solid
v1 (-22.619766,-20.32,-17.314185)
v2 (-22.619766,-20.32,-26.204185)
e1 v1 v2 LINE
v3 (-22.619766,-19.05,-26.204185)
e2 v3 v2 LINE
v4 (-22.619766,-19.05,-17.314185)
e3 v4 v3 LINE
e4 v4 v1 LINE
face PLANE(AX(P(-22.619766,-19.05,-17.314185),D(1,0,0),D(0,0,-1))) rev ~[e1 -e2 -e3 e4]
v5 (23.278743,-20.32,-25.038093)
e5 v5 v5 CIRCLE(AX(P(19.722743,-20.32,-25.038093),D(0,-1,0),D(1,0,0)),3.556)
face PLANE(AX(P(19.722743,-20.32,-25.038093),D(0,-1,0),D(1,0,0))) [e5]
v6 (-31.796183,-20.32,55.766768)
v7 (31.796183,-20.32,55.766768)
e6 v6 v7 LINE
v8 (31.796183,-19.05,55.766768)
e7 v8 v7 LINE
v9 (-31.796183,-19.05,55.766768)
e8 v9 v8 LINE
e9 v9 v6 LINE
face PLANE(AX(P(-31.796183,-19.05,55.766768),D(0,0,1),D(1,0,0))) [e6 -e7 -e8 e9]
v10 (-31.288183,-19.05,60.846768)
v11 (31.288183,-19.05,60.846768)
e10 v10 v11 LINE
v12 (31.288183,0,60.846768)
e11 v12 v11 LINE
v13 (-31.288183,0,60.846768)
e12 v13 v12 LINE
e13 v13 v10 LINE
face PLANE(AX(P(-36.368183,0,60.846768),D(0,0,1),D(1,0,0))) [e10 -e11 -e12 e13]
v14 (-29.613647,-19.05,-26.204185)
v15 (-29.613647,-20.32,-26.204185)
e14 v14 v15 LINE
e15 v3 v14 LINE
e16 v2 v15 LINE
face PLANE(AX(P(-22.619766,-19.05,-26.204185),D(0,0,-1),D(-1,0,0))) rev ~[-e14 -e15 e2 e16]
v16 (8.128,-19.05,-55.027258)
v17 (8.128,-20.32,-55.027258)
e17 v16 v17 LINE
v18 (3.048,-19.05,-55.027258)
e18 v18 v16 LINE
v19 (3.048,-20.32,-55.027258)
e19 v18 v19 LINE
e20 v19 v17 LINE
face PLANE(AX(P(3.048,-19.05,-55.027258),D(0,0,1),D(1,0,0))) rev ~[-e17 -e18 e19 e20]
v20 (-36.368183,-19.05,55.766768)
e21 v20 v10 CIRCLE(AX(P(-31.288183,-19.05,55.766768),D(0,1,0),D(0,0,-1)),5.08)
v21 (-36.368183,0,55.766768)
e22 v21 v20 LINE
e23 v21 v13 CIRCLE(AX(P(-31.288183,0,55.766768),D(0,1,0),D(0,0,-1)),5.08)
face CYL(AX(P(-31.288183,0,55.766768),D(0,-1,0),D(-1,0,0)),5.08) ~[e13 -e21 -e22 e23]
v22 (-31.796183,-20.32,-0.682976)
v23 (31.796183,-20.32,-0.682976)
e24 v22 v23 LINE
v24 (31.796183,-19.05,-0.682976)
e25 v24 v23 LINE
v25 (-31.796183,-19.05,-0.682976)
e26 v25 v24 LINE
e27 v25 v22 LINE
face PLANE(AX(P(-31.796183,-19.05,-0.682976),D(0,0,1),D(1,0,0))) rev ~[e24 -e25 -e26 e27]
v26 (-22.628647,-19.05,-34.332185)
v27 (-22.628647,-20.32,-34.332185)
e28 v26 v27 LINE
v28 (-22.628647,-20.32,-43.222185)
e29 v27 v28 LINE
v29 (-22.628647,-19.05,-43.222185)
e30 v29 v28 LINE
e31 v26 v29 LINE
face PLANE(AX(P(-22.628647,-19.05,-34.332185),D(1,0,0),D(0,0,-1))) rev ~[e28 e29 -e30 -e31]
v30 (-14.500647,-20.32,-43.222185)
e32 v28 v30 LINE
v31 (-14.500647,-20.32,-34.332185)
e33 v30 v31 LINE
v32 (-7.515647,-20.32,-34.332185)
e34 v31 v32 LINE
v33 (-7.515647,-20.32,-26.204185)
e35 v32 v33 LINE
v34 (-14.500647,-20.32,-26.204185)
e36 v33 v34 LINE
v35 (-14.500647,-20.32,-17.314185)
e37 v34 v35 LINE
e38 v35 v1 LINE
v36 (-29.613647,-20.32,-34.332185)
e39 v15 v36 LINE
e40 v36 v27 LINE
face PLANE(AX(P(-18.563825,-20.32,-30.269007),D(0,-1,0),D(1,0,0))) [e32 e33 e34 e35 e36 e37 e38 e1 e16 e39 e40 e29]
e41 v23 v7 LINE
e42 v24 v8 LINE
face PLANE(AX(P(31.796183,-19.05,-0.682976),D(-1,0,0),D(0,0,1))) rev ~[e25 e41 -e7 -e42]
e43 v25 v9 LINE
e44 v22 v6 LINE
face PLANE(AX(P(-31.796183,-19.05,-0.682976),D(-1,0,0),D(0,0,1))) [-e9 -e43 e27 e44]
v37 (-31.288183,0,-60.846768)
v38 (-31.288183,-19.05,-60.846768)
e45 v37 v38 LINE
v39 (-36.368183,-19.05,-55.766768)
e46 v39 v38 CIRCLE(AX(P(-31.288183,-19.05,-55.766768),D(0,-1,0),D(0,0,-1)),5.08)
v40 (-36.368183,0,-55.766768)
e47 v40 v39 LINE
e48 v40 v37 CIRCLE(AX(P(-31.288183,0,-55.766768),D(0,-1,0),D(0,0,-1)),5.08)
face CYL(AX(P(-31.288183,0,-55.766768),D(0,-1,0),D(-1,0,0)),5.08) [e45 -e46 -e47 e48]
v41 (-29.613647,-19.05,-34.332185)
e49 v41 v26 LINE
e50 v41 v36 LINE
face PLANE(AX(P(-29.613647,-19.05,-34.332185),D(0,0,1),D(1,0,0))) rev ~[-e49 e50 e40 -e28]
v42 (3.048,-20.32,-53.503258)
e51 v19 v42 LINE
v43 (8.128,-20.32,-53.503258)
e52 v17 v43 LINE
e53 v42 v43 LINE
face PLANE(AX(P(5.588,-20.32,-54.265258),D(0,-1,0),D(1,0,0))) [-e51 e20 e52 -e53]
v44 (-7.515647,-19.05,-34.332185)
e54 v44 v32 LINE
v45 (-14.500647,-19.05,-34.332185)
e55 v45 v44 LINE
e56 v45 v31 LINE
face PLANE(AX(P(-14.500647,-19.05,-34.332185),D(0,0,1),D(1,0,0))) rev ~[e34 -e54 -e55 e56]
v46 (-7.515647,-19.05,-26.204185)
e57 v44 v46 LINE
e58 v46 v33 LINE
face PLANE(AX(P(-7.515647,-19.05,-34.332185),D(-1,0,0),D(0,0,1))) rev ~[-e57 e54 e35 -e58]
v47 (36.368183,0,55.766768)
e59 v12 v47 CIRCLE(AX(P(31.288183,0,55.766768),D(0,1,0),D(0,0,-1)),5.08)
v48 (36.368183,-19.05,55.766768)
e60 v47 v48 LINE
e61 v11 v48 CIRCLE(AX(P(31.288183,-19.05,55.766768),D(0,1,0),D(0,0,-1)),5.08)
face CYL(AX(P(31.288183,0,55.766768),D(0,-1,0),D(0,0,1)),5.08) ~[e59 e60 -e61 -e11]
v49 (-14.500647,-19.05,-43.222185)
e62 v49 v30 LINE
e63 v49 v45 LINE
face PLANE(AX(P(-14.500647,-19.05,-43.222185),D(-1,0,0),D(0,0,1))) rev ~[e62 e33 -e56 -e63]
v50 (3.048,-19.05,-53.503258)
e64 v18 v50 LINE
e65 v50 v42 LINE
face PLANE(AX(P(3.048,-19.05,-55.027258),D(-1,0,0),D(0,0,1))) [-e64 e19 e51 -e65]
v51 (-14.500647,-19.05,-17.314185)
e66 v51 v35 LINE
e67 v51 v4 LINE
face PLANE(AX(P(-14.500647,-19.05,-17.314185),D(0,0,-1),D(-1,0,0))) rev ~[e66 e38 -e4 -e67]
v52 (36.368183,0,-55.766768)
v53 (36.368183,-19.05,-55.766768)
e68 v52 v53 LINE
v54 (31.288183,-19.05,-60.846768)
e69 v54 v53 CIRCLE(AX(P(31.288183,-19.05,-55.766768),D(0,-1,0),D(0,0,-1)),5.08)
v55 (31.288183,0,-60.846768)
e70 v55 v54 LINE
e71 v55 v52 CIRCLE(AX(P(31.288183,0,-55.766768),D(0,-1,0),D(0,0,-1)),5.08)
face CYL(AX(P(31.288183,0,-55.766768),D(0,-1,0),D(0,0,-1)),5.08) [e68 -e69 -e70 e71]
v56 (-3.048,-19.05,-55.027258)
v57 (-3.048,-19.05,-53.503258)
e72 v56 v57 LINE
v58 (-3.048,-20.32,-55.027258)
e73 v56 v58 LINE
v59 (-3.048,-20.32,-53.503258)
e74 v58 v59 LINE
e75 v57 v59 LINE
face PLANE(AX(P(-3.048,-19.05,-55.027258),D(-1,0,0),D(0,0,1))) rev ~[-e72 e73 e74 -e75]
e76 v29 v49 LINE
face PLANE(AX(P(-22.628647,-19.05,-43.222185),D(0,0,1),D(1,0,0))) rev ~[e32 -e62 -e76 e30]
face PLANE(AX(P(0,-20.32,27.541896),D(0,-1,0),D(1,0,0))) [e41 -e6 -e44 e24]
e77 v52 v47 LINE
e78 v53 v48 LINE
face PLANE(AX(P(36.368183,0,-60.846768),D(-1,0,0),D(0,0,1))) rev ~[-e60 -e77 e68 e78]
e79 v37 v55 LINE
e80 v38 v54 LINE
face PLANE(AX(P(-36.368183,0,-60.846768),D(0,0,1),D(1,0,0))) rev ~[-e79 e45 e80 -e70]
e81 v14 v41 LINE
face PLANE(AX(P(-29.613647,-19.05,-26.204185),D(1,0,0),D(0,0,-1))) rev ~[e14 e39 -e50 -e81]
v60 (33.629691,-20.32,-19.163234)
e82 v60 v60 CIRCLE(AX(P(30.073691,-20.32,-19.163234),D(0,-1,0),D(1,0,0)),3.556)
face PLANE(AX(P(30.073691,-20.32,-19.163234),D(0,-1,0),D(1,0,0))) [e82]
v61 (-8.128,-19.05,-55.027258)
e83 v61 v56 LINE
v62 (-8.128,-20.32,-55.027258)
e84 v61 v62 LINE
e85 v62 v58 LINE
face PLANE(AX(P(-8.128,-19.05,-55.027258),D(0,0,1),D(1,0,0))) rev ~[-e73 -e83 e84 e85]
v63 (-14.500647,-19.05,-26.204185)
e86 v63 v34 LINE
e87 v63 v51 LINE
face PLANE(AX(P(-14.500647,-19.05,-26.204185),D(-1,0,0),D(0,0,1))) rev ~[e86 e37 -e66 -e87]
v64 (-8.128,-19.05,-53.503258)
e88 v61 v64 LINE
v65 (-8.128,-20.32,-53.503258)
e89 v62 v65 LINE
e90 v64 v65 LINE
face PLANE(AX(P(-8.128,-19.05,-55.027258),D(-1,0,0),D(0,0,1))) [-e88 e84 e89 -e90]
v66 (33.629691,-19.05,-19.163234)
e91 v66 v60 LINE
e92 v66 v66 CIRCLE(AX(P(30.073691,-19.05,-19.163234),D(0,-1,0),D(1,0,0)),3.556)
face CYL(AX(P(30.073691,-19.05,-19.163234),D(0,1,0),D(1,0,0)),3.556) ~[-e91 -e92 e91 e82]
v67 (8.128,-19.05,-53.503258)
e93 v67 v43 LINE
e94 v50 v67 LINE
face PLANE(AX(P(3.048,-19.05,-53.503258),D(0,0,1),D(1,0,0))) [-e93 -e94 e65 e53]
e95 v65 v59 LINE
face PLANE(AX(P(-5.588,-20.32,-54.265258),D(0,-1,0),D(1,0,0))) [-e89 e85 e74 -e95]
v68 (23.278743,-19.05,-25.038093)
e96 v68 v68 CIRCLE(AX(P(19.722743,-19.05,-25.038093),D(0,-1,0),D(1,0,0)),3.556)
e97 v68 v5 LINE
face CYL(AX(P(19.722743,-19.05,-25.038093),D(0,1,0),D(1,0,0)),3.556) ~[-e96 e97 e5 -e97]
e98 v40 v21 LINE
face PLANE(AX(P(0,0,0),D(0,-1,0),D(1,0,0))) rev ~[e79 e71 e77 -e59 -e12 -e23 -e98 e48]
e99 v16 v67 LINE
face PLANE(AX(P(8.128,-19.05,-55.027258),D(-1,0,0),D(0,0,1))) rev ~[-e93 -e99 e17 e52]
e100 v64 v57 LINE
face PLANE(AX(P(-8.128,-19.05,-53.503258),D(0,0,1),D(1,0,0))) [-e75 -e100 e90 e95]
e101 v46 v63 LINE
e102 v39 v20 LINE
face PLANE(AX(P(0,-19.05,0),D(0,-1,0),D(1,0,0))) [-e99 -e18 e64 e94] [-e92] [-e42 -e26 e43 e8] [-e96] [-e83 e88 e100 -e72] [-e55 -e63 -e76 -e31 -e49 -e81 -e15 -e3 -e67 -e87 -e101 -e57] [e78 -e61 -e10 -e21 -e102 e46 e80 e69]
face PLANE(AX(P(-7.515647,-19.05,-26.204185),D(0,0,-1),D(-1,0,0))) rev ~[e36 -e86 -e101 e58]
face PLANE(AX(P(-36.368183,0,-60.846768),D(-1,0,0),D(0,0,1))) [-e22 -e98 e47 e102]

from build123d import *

# Parameters (mm, degrees)
F0_W     = 72.736366
F0_H     = 121.693536
F1_DEPTH = 19.05
F2_W     = 63.592366
F2_H     = 56.449744
F2_R     = 3.556
F2_W_2   = 5.08
F2_H_2   = 1.524
F3_DEPTH = 1.27
F4_R     = 5.08


with BuildPart() as f1:
    # F0 (on Front) → F1 (new body)
    with BuildSketch(Plane.XZ):
        Rectangle(F0_W, F0_H)
    extrude(amount=F1_DEPTH)

    # F2 (on face) → F3 (join)
    with BuildSketch(Plane.XZ.offset(19.05)):
        with Locations((0, 27.541896)):
            Rectangle(F2_W, F2_H)
        Polygon((-14.500647, -17.314185), (-22.619766, -17.314185), (-22.619766, -26.204185), (-29.613647, -26.204185), (-29.613647, -34.332185), (-22.628647, -34.332185), (-22.628647, -43.222185), (-14.500647, -43.222185), (-14.500647, -34.332185), (-7.515647, -34.332185), (-7.515647, -26.204185), (-14.500647, -26.204185), align=None)
        with Locations((30.073691, -19.163234)):
            Circle(F2_R)
        with Locations((19.722743, -25.038093)):
            Circle(F2_R)
        with Locations((-5.588, -54.265258)):
            Rectangle(F2_W_2, F2_H_2)
        with Locations((5.588, -54.265258)):
            Rectangle(F2_W_2, F2_H_2)
    extrude(amount=F3_DEPTH)

    # F4
    f4_edges = [f1.edges().sort_by_distance(p)[0] for p in [
        (-36.368183, -9.525, 60.846768),
        (36.368183, -9.525, 60.846768),
        (36.368183, -9.525, -60.846768),
        (-36.368183, -9.525, -60.846768),
    ]]
    fillet(f4_edges, radius=F4_R)


solid = f1.part
